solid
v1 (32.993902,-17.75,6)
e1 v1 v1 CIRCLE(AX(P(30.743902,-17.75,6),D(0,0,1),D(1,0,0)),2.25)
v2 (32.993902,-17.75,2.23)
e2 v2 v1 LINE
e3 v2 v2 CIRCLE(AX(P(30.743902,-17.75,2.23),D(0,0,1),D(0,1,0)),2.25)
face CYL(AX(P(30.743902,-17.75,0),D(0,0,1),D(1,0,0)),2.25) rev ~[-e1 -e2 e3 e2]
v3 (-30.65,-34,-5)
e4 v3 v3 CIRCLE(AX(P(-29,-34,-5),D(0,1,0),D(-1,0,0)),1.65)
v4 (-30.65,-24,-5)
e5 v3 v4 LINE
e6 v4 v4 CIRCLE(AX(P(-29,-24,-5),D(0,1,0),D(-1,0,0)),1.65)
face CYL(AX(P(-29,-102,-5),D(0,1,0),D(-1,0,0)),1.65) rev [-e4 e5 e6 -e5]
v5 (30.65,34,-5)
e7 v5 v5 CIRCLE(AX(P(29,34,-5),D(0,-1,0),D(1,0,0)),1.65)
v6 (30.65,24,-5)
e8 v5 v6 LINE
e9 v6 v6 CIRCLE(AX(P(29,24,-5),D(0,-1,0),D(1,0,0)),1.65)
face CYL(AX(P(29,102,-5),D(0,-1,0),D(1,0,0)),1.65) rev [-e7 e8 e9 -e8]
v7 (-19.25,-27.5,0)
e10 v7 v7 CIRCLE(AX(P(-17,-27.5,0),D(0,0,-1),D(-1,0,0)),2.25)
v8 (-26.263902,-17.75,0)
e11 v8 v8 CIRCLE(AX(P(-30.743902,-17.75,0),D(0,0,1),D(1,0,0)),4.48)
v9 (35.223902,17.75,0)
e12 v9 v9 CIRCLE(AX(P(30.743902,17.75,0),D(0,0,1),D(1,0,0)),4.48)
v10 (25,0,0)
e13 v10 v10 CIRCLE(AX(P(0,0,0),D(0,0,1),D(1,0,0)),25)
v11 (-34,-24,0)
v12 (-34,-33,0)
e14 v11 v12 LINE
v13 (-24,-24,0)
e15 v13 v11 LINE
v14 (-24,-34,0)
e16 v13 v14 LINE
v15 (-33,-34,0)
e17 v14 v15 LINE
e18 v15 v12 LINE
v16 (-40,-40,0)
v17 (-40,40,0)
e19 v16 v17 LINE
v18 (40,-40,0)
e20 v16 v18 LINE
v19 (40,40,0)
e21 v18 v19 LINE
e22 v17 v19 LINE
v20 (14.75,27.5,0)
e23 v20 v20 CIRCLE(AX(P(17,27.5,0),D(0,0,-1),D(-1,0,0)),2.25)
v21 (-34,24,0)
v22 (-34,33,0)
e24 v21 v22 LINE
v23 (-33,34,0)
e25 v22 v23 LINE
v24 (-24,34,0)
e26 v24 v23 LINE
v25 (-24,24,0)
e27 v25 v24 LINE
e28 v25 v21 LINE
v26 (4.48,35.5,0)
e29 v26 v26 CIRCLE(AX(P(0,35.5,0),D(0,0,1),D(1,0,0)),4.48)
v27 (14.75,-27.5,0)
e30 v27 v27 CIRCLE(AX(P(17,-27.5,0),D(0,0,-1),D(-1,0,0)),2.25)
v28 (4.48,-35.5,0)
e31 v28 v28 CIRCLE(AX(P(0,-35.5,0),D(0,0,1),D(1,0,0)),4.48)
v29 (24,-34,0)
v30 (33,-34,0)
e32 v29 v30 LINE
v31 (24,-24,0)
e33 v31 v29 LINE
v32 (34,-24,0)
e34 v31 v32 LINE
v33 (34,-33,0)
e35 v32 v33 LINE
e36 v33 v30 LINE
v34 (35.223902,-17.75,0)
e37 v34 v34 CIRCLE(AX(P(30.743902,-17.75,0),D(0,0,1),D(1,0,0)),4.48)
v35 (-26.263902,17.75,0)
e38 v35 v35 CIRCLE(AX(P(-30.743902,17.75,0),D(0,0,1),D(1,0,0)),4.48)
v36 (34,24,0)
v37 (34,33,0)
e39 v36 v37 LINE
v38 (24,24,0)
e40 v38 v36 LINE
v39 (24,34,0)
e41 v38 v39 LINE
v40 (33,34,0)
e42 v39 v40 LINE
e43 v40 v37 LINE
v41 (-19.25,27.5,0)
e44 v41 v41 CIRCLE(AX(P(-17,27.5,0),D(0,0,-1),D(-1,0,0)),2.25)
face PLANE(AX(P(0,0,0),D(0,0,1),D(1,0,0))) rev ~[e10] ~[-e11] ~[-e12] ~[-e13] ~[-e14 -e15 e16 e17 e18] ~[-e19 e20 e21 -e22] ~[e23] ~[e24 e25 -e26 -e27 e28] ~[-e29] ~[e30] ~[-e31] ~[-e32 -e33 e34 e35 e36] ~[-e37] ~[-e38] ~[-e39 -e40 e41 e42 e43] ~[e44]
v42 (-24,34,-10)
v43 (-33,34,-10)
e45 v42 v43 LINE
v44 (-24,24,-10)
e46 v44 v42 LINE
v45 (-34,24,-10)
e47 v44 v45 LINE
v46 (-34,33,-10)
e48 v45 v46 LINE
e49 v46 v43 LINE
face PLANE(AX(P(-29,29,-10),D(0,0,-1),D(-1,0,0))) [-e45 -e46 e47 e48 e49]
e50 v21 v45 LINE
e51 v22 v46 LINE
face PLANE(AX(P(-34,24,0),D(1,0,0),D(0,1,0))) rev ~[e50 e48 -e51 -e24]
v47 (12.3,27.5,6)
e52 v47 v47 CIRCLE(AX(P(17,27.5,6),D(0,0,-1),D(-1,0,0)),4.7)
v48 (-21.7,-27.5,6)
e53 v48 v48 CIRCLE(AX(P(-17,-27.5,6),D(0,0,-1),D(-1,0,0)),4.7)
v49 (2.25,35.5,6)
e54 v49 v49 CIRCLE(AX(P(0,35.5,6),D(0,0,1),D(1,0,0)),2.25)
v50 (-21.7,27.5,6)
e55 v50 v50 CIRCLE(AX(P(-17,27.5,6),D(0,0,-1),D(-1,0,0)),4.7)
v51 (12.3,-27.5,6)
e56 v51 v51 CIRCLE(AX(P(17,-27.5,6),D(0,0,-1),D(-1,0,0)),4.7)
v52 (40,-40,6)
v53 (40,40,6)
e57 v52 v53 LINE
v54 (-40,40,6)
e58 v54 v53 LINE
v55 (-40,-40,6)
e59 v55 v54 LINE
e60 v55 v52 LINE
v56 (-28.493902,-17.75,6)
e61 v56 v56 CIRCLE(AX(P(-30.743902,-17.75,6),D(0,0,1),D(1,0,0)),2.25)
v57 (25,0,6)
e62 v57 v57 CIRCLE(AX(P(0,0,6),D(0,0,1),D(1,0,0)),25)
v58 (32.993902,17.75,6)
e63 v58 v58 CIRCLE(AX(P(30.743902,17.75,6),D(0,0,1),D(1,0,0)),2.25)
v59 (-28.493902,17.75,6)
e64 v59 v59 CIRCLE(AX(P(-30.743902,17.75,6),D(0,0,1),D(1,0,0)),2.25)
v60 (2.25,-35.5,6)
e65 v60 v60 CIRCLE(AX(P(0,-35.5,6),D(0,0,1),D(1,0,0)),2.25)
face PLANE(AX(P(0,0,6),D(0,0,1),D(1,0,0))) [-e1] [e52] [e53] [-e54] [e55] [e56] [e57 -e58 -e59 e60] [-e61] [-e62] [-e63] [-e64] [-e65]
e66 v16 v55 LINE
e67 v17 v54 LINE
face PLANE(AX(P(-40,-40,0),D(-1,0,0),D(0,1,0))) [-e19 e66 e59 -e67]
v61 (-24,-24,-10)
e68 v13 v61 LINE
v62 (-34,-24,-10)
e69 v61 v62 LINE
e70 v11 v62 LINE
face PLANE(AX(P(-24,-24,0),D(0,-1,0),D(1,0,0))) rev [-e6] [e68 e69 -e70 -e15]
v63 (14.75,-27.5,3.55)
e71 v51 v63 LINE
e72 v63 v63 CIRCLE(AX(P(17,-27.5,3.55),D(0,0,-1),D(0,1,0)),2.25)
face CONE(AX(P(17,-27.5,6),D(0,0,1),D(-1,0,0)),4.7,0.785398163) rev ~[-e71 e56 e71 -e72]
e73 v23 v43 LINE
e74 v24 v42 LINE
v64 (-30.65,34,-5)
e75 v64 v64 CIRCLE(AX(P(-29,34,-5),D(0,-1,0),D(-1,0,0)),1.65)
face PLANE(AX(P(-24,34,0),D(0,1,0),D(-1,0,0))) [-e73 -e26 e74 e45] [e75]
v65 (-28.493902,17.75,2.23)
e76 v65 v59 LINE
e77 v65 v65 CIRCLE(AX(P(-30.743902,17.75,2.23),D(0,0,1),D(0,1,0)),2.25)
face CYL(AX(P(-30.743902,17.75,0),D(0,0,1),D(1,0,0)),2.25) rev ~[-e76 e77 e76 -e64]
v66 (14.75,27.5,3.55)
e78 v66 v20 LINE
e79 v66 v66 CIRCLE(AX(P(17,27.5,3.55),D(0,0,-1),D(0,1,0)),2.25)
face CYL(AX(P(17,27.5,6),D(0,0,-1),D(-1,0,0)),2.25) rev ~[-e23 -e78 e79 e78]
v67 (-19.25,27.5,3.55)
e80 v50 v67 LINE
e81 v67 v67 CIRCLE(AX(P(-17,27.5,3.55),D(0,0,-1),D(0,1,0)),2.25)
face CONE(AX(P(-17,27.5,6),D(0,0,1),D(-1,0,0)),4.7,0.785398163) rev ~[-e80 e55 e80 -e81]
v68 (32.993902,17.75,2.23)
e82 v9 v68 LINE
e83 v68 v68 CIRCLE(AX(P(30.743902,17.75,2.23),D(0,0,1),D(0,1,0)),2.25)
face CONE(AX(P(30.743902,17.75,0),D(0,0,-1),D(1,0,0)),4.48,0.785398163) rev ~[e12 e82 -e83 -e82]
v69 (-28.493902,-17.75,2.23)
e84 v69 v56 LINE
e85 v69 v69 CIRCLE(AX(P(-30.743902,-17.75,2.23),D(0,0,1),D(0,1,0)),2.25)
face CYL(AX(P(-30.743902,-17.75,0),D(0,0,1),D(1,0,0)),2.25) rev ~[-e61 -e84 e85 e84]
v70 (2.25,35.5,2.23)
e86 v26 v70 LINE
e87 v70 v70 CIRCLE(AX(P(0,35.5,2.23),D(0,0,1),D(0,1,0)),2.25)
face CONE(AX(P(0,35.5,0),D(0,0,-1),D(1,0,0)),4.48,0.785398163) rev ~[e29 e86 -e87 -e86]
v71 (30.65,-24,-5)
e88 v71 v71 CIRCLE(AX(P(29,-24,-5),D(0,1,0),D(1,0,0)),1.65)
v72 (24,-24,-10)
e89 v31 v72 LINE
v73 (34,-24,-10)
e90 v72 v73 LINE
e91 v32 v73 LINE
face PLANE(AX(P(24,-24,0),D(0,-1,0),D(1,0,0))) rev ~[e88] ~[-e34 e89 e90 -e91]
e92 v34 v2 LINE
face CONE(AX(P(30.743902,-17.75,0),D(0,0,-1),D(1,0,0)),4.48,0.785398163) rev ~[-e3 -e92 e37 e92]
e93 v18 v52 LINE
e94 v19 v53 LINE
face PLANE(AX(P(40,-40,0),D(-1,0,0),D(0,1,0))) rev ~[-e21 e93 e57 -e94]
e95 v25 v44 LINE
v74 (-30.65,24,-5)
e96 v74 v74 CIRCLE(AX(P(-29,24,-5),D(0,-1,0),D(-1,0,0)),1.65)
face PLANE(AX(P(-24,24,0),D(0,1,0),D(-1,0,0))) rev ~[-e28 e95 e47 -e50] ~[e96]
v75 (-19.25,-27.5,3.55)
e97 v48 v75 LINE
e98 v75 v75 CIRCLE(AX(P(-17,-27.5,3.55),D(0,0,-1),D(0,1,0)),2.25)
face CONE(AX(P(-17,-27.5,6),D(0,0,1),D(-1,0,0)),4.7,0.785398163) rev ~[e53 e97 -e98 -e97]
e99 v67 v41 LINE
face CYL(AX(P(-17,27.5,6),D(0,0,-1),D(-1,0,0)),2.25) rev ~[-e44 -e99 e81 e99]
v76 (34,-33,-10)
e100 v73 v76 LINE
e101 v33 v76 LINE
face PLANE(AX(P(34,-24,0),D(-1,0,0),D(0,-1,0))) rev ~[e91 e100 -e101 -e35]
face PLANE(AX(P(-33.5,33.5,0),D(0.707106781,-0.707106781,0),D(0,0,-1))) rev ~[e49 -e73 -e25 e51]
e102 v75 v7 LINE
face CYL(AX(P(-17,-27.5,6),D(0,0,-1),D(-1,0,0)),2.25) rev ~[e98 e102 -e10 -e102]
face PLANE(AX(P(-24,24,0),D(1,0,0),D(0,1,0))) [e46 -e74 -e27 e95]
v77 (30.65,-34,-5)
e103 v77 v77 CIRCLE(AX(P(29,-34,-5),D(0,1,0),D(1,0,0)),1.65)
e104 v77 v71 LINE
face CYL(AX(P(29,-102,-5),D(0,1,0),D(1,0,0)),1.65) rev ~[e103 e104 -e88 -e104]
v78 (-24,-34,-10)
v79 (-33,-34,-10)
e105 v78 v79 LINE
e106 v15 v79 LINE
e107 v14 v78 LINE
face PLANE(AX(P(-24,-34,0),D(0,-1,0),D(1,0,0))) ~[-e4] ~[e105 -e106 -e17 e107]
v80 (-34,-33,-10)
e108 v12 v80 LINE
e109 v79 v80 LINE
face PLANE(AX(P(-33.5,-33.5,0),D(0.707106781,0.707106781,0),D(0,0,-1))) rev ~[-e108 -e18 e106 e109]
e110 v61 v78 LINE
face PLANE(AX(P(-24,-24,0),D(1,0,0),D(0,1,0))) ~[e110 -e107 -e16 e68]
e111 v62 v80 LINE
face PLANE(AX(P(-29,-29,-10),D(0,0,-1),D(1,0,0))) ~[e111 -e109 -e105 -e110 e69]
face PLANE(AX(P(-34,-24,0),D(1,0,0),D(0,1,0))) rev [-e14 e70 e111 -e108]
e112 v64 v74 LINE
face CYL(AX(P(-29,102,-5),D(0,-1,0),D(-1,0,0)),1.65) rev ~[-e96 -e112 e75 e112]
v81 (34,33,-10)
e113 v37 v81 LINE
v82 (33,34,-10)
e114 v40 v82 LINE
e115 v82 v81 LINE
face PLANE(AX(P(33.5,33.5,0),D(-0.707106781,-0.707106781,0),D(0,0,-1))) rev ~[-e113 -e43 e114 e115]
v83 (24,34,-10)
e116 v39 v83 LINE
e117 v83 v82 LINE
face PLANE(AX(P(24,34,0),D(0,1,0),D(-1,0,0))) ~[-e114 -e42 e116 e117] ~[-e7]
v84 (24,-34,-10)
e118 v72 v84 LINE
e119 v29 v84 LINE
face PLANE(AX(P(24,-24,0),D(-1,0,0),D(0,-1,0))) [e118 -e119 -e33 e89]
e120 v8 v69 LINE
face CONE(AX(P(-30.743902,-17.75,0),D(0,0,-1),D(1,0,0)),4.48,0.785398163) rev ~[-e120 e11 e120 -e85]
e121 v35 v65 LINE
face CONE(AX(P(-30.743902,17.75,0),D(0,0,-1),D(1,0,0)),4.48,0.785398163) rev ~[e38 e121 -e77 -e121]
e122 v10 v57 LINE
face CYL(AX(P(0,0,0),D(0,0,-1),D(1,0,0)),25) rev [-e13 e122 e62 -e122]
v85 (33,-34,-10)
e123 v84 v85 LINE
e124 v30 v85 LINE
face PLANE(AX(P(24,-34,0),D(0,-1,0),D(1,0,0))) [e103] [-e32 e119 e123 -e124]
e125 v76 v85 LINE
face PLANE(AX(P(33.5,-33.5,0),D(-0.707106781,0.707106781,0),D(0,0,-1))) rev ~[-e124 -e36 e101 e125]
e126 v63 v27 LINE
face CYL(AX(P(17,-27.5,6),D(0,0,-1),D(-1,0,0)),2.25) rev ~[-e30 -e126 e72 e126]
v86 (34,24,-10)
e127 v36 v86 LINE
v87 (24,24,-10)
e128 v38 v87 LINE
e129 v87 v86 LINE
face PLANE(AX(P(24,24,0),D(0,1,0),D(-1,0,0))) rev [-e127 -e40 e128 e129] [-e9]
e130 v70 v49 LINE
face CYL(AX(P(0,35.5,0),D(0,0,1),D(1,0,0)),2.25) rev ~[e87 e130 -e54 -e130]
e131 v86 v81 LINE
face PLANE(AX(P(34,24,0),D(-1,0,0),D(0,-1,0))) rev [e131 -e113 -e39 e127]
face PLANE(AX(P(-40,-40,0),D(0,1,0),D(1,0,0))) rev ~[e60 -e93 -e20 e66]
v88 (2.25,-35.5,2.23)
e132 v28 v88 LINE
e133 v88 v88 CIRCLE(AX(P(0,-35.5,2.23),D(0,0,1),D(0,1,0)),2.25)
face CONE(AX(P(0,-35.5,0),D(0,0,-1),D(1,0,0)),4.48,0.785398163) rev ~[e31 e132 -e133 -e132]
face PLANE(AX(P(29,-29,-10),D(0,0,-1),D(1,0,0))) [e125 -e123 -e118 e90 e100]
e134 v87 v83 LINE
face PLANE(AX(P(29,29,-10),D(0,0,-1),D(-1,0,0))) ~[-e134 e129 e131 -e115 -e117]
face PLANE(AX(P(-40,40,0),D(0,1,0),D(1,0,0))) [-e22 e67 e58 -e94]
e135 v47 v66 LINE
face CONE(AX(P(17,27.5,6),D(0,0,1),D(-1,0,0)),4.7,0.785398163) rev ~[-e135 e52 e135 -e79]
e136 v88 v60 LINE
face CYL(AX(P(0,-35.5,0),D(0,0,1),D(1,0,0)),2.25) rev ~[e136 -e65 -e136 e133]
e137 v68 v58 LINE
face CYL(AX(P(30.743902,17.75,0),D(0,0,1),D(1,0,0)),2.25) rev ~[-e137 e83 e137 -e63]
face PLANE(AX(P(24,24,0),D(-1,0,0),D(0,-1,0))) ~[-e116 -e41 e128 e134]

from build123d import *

# Parameters (mm, degrees)
SKETCH_1_W                     = 80
SKETCH_1_H                     = 80
SKETCH_1_R                     = 25
EXTRUDE_1_DEPTH                = 6
SKETCH_11_W                    = 10
SKETCH_11_H                    = 10
EXTRUDE_3_DEPTH                = 10
HOLE_WIZARD_M4_1_D             = 4.5
HOLE_WIZARD_M4_1_CSINK_D       = 8.96
HOLE_WIZARD_M4_1_CSINK_ANGLE   = 90
HOLE_WIZARD_M4_2_D             = 3.3
HOLE_WIZARD_M4_2_DEPTH         = 68
MIRROR_2_COPY_1_SKETCH_W       = 10
MIRROR_2_COPY_1_SKETCH_H       = 10
MIRROR_2_COPY_1_DEPTH          = 10
MIRROR_2_COPY_2_D              = 3.3
MIRROR_2_COPY_2_DEPTH          = 68
HOLE_WIZARD_M4_1_2_D           = 4.5
HOLE_WIZARD_M4_1_2_CSINK_D     = 9.4
HOLE_WIZARD_M4_1_2_CSINK_ANGLE = 90
CHAMFER_1_SIZE                 = 1


with BuildPart() as part:
    # 스케치1 → 보스-돌출1 (new body)
    with BuildSketch(Plane.XY):
        Rectangle(SKETCH_1_W, SKETCH_1_H)
        Circle(SKETCH_1_R, mode=Mode.SUBTRACT)
    extrude(amount=EXTRUDE_1_DEPTH)

    # 스케치11 → 보스-돌출3 (add)
    with BuildSketch(Plane(origin=(0, 0, 0), x_dir=(-1, 0, 0), z_dir=(0, 0, -1))):
        with Locations((29, 29)):
            Rectangle(SKETCH_11_W, SKETCH_11_H)
    extrude_3 = extrude(amount=EXTRUDE_3_DEPTH)

    # Hole Wizard M4 _ _ _ _ _ _ _1 (through all)
    with Locations(Plane(origin=(0, 0, 0), x_dir=(-1, 0, 0), z_dir=(0, 0, -1))):
        with Locations((0, -35.5), (30.743901834, -17.75), (30.743901834, 17.75), (0, 35.5), (-30.743901834, 17.75), (-30.743901834, -17.75)):
            CounterSinkHole(HOLE_WIZARD_M4_1_D / 2, HOLE_WIZARD_M4_1_CSINK_D / 2, counter_sink_angle=HOLE_WIZARD_M4_1_CSINK_ANGLE)

    # M4 나사 구멍2
    with Locations(Plane(origin=(0, 34, 0), x_dir=(1, 0, 0), z_dir=(0, 1, 0))):
        with Locations((-29, 5)):
            hole_wizard_m4_2 = Hole(HOLE_WIZARD_M4_2_D / 2, depth=HOLE_WIZARD_M4_2_DEPTH)

    # 대칭 복사1: 보스-돌출3, M4 나사 구멍2 across plane
    add(extrude_3.mirror(Plane(origin=(0, 0, 0), x_dir=(0, 0, 1), z_dir=(1, 0, 0))))
    add(hole_wizard_m4_2.mirror(Plane(origin=(0, 0, 0), x_dir=(0, 0, 1), z_dir=(1, 0, 0))), mode=Mode.SUBTRACT)

    # 대칭 복사2: 보스-돌출3, M4 나사 구멍2 across plane
    add(extrude_3.mirror(Plane.ZX))
    add(hole_wizard_m4_2.mirror(Plane.ZX), mode=Mode.SUBTRACT)

    # 대칭 복사2 copy 1 sketch → 대칭 복사2 copy 1 (add)
    with BuildSketch(Plane(origin=(0, 0, 0), x_dir=(1, 0, 0), z_dir=(0, 0, -1))):
        with Locations((29, 29)):
            Rectangle(MIRROR_2_COPY_1_SKETCH_W, MIRROR_2_COPY_1_SKETCH_H)
    extrude(amount=MIRROR_2_COPY_1_DEPTH)

    # 대칭 복사2 copy 2
    with Locations(Plane(origin=(0, -34, 0), x_dir=(-1, 0, 0), z_dir=(0, -1, 0))):
        with Locations((-29, 5)):
            Hole(MIRROR_2_COPY_2_D / 2, depth=MIRROR_2_COPY_2_DEPTH)

    # Hole Wizard M4 _ _ _ _1 2 (through all)
    with Locations(Plane.XY.offset(6)):
        with Locations((17, 27.5), (17, -27.5), (-17, 27.5), (-17, -27.5)):
            CounterSinkHole(HOLE_WIZARD_M4_1_2_D / 2, HOLE_WIZARD_M4_1_2_CSINK_D / 2, counter_sink_angle=HOLE_WIZARD_M4_1_2_CSINK_ANGLE)

    # 모따기1
    chamfer_1_edges = [part.edges().sort_by_distance(p)[0] for p in [
        (-34, -34, -5),
        (-34, 34, -5),
        (34, 34, -5),
        (34, -34, -5),
    ]]
    chamfer(chamfer_1_edges, length=CHAMFER_1_SIZE)


solid = part.part
